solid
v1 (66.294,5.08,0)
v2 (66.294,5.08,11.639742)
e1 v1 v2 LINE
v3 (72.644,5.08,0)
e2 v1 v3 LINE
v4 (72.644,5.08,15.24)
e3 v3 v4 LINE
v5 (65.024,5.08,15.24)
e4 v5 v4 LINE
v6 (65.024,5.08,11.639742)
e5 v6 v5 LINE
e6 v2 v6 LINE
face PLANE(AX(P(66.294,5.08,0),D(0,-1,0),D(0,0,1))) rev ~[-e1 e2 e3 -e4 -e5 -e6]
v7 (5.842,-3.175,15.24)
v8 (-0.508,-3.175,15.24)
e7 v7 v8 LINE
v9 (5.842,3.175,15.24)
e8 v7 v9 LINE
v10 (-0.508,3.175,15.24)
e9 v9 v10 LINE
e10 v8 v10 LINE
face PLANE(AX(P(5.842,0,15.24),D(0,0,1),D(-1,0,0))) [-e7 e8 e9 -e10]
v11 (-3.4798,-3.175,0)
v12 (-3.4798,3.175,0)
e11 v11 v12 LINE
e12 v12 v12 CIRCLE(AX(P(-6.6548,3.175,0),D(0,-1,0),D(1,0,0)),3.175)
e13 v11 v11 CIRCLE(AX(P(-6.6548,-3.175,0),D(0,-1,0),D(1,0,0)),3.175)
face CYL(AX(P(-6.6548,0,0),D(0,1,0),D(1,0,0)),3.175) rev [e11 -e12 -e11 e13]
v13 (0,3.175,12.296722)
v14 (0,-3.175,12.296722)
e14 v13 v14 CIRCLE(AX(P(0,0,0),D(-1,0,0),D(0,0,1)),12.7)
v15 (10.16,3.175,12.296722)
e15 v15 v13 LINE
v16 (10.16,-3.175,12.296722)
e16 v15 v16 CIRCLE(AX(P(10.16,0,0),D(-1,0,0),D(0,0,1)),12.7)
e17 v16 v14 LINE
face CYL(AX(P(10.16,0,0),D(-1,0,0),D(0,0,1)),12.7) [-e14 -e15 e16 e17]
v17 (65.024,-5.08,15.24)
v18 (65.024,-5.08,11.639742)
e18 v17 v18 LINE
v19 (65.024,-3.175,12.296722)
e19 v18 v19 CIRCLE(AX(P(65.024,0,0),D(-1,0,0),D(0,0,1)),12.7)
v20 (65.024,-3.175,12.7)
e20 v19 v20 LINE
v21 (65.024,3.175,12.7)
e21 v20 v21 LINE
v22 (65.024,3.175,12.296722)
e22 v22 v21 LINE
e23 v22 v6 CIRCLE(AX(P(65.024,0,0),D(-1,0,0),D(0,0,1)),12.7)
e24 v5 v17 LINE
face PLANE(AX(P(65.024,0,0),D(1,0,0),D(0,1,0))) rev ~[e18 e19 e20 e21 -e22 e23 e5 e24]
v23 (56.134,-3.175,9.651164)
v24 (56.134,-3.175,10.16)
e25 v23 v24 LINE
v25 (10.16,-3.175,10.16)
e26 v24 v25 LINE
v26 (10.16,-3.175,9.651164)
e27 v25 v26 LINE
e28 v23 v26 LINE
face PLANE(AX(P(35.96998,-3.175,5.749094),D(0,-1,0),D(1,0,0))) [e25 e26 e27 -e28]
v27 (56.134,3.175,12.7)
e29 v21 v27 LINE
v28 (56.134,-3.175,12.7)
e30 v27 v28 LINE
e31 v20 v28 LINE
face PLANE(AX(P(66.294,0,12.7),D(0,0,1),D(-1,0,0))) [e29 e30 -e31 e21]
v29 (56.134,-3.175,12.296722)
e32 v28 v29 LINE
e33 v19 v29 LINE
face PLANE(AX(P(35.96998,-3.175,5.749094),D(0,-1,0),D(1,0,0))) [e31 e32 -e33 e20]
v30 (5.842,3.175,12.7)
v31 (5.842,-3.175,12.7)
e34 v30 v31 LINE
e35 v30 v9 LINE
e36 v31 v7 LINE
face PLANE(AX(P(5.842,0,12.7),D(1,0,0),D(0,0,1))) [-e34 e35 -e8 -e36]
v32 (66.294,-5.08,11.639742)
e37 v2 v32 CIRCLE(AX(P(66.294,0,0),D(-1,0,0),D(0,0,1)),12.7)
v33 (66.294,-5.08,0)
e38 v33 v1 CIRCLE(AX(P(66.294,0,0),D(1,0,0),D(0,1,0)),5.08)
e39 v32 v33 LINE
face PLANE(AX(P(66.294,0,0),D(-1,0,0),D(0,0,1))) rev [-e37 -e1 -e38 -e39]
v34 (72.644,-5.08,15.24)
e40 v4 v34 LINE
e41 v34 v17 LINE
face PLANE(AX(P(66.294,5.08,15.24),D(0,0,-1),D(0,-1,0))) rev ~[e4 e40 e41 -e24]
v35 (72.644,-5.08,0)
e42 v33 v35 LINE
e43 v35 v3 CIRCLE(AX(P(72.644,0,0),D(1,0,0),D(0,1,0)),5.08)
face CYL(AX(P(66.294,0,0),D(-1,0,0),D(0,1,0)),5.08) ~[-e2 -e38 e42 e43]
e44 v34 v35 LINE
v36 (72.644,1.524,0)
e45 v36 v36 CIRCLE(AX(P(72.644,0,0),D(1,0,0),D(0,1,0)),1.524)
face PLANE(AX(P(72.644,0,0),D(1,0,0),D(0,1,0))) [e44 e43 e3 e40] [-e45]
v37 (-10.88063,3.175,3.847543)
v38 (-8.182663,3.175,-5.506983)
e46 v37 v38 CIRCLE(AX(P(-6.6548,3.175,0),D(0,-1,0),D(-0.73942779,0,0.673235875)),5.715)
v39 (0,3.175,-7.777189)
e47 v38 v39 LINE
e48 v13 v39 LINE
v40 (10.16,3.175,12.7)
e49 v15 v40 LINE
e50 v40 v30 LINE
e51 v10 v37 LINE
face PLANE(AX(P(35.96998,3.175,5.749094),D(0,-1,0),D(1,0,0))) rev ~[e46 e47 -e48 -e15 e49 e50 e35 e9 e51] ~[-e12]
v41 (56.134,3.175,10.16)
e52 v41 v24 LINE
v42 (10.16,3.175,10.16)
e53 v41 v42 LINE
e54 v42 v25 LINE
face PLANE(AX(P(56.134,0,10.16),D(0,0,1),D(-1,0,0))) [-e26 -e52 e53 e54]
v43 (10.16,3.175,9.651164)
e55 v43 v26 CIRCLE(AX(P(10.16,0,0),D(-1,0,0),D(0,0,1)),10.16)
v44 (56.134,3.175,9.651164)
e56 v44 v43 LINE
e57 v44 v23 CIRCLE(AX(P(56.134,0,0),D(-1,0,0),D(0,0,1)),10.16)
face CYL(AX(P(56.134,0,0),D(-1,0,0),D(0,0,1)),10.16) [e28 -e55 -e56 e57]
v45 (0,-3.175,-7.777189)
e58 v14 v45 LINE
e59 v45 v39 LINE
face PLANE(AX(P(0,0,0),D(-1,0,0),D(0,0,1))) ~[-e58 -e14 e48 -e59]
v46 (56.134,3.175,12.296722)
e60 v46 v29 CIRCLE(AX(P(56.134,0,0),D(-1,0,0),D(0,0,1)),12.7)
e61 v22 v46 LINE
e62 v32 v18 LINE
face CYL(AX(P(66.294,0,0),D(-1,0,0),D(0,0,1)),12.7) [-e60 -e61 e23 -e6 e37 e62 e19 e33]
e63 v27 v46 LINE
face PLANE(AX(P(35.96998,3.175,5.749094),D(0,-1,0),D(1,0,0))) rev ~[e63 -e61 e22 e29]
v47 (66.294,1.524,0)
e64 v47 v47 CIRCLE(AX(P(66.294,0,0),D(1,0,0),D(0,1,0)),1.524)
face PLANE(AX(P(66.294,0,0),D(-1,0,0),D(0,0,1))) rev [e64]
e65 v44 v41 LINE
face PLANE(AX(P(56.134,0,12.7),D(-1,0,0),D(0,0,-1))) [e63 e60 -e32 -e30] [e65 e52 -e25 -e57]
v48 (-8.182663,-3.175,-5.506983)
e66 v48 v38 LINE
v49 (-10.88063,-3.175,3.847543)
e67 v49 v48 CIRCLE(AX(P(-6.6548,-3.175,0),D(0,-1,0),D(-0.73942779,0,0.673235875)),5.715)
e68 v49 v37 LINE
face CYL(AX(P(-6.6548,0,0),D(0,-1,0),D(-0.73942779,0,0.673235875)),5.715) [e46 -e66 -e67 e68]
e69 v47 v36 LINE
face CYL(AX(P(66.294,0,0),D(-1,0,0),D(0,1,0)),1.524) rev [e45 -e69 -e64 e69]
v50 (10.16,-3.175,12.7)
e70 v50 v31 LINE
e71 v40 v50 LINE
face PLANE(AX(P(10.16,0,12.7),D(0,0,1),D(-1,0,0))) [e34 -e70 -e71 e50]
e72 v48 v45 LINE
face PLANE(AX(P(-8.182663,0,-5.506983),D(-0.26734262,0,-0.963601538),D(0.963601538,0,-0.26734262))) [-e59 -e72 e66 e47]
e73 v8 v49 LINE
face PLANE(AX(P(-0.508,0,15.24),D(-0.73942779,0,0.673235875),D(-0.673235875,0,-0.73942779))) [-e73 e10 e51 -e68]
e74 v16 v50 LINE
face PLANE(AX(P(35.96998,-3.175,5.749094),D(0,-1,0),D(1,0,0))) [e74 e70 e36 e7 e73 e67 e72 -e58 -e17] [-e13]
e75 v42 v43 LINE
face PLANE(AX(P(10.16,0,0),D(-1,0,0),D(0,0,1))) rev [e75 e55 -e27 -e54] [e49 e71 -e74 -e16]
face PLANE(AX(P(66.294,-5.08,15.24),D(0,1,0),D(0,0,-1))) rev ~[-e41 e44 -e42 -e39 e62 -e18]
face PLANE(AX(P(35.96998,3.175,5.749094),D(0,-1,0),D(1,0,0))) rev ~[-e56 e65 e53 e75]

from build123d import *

# Parameters (mm, degrees)
F0_W          = 5.842
F0_H          = 12.7
F0_R          = 3.175
F2_DEPTH      = 3.175
F3_R          = 1.524
F4_DEPTH      = 1.27
F4_DEPTH_BACK = 6.35


with BuildPart() as f1:
    # F0 (on Front) → F1 (revolve)
    with BuildSketch(Plane.XZ):
        Polygon((5.842, 12.7), (5.842, 0), (66.294, 0), (66.294, 12.7), (56.134, 12.7), (56.134, 10.16), (10.16, 10.16), (10.16, 12.7), align=None)
        with Locations((2.921, 6.35)):
            Rectangle(F0_W, F0_H)
    revolve(axis=Axis((33.147, 0, 0), (-1, 0, 0)))

    # F0 (on Front) → F2 (join, symmetric)
    with BuildSketch(Plane.XZ):
        Polygon((5.842, 12.7), (5.842, 0), (66.294, 0), (66.294, 12.7), (56.134, 12.7), (56.134, 10.16), (10.16, 10.16), (10.16, 12.7), align=None)
        with Locations((2.921, 6.35)):
            Rectangle(F0_W, F0_H)
        with BuildLine():
            Line((-0.9398, 0), (0, 0))
            Line((0, 0), (0, 12.7))
            Line((0, 12.7), (5.842, 12.7))
            Line((5.842, 12.7), (5.842, 15.24))
            Line((5.842, 15.24), (-0.508, 15.24))
            Line((-0.508, 15.24), (-10.8806298187, 3.8475430269))
            ThreePointArc((-10.8806298187, 3.8475430269), (-4.5919612295, 5.3297205562), (-0.9398, 0))
        make_face()
        with BuildLine():
            Line((5.842, 0), (0, 0))
            Line((0, 0), (-0.9398, 0))
            ThreePointArc((-0.9398, 0), (-3.1957909266, -4.5493385486), (-8.1826630726, -5.5069827884))
            Line((-8.1826630726, -5.5069827884), (5.842, -9.398))
            Line((5.842, -9.398), (5.842, 0))
        make_face()
        with BuildLine():
            ThreePointArc((-8.1826630726, -5.5069827884), (-3.1957909266, -4.5493385486), (-0.9398, 0))
            ThreePointArc((-0.9398, 0), (-4.5919612295, 5.3297205562), (-10.8806298187, 3.8475430269))
            ThreePointArc((-10.8806298187, 3.8475430269), (-12.1459778134, -1.5837270034), (-8.1826630726, -5.5069827884))
        make_face()
        with Locations((-6.6548, 0)):
            Circle(F0_R, mode=Mode.SUBTRACT)
    extrude(amount=F2_DEPTH, both=True)

    # F3 (on face) → F4 (join, two sides)
    with BuildSketch(Plane.YZ.offset(66.294)) as f4_sk:
        with BuildLine():
            ThreePointArc((-5.08, 0), (0, -5.08), (5.08, 0))
            ThreePointArc((5.08, 0), (0, 5.08), (-5.08, 0))
        make_face()
        Circle(F3_R, mode=Mode.SUBTRACT)
        with BuildLine():
            ThreePointArc((-5.08, 0), (0, 5.08), (5.08, 0))
            Line((5.08, 0), (5.08, 15.24))
            Line((5.08, 15.24), (-5.08, 15.24))
            Line((-5.08, 15.24), (-5.08, 0))
        make_face()
    extrude(amount=-F4_DEPTH)
    extrude(f4_sk.sketch, amount=F4_DEPTH_BACK)


solid = f1.part
